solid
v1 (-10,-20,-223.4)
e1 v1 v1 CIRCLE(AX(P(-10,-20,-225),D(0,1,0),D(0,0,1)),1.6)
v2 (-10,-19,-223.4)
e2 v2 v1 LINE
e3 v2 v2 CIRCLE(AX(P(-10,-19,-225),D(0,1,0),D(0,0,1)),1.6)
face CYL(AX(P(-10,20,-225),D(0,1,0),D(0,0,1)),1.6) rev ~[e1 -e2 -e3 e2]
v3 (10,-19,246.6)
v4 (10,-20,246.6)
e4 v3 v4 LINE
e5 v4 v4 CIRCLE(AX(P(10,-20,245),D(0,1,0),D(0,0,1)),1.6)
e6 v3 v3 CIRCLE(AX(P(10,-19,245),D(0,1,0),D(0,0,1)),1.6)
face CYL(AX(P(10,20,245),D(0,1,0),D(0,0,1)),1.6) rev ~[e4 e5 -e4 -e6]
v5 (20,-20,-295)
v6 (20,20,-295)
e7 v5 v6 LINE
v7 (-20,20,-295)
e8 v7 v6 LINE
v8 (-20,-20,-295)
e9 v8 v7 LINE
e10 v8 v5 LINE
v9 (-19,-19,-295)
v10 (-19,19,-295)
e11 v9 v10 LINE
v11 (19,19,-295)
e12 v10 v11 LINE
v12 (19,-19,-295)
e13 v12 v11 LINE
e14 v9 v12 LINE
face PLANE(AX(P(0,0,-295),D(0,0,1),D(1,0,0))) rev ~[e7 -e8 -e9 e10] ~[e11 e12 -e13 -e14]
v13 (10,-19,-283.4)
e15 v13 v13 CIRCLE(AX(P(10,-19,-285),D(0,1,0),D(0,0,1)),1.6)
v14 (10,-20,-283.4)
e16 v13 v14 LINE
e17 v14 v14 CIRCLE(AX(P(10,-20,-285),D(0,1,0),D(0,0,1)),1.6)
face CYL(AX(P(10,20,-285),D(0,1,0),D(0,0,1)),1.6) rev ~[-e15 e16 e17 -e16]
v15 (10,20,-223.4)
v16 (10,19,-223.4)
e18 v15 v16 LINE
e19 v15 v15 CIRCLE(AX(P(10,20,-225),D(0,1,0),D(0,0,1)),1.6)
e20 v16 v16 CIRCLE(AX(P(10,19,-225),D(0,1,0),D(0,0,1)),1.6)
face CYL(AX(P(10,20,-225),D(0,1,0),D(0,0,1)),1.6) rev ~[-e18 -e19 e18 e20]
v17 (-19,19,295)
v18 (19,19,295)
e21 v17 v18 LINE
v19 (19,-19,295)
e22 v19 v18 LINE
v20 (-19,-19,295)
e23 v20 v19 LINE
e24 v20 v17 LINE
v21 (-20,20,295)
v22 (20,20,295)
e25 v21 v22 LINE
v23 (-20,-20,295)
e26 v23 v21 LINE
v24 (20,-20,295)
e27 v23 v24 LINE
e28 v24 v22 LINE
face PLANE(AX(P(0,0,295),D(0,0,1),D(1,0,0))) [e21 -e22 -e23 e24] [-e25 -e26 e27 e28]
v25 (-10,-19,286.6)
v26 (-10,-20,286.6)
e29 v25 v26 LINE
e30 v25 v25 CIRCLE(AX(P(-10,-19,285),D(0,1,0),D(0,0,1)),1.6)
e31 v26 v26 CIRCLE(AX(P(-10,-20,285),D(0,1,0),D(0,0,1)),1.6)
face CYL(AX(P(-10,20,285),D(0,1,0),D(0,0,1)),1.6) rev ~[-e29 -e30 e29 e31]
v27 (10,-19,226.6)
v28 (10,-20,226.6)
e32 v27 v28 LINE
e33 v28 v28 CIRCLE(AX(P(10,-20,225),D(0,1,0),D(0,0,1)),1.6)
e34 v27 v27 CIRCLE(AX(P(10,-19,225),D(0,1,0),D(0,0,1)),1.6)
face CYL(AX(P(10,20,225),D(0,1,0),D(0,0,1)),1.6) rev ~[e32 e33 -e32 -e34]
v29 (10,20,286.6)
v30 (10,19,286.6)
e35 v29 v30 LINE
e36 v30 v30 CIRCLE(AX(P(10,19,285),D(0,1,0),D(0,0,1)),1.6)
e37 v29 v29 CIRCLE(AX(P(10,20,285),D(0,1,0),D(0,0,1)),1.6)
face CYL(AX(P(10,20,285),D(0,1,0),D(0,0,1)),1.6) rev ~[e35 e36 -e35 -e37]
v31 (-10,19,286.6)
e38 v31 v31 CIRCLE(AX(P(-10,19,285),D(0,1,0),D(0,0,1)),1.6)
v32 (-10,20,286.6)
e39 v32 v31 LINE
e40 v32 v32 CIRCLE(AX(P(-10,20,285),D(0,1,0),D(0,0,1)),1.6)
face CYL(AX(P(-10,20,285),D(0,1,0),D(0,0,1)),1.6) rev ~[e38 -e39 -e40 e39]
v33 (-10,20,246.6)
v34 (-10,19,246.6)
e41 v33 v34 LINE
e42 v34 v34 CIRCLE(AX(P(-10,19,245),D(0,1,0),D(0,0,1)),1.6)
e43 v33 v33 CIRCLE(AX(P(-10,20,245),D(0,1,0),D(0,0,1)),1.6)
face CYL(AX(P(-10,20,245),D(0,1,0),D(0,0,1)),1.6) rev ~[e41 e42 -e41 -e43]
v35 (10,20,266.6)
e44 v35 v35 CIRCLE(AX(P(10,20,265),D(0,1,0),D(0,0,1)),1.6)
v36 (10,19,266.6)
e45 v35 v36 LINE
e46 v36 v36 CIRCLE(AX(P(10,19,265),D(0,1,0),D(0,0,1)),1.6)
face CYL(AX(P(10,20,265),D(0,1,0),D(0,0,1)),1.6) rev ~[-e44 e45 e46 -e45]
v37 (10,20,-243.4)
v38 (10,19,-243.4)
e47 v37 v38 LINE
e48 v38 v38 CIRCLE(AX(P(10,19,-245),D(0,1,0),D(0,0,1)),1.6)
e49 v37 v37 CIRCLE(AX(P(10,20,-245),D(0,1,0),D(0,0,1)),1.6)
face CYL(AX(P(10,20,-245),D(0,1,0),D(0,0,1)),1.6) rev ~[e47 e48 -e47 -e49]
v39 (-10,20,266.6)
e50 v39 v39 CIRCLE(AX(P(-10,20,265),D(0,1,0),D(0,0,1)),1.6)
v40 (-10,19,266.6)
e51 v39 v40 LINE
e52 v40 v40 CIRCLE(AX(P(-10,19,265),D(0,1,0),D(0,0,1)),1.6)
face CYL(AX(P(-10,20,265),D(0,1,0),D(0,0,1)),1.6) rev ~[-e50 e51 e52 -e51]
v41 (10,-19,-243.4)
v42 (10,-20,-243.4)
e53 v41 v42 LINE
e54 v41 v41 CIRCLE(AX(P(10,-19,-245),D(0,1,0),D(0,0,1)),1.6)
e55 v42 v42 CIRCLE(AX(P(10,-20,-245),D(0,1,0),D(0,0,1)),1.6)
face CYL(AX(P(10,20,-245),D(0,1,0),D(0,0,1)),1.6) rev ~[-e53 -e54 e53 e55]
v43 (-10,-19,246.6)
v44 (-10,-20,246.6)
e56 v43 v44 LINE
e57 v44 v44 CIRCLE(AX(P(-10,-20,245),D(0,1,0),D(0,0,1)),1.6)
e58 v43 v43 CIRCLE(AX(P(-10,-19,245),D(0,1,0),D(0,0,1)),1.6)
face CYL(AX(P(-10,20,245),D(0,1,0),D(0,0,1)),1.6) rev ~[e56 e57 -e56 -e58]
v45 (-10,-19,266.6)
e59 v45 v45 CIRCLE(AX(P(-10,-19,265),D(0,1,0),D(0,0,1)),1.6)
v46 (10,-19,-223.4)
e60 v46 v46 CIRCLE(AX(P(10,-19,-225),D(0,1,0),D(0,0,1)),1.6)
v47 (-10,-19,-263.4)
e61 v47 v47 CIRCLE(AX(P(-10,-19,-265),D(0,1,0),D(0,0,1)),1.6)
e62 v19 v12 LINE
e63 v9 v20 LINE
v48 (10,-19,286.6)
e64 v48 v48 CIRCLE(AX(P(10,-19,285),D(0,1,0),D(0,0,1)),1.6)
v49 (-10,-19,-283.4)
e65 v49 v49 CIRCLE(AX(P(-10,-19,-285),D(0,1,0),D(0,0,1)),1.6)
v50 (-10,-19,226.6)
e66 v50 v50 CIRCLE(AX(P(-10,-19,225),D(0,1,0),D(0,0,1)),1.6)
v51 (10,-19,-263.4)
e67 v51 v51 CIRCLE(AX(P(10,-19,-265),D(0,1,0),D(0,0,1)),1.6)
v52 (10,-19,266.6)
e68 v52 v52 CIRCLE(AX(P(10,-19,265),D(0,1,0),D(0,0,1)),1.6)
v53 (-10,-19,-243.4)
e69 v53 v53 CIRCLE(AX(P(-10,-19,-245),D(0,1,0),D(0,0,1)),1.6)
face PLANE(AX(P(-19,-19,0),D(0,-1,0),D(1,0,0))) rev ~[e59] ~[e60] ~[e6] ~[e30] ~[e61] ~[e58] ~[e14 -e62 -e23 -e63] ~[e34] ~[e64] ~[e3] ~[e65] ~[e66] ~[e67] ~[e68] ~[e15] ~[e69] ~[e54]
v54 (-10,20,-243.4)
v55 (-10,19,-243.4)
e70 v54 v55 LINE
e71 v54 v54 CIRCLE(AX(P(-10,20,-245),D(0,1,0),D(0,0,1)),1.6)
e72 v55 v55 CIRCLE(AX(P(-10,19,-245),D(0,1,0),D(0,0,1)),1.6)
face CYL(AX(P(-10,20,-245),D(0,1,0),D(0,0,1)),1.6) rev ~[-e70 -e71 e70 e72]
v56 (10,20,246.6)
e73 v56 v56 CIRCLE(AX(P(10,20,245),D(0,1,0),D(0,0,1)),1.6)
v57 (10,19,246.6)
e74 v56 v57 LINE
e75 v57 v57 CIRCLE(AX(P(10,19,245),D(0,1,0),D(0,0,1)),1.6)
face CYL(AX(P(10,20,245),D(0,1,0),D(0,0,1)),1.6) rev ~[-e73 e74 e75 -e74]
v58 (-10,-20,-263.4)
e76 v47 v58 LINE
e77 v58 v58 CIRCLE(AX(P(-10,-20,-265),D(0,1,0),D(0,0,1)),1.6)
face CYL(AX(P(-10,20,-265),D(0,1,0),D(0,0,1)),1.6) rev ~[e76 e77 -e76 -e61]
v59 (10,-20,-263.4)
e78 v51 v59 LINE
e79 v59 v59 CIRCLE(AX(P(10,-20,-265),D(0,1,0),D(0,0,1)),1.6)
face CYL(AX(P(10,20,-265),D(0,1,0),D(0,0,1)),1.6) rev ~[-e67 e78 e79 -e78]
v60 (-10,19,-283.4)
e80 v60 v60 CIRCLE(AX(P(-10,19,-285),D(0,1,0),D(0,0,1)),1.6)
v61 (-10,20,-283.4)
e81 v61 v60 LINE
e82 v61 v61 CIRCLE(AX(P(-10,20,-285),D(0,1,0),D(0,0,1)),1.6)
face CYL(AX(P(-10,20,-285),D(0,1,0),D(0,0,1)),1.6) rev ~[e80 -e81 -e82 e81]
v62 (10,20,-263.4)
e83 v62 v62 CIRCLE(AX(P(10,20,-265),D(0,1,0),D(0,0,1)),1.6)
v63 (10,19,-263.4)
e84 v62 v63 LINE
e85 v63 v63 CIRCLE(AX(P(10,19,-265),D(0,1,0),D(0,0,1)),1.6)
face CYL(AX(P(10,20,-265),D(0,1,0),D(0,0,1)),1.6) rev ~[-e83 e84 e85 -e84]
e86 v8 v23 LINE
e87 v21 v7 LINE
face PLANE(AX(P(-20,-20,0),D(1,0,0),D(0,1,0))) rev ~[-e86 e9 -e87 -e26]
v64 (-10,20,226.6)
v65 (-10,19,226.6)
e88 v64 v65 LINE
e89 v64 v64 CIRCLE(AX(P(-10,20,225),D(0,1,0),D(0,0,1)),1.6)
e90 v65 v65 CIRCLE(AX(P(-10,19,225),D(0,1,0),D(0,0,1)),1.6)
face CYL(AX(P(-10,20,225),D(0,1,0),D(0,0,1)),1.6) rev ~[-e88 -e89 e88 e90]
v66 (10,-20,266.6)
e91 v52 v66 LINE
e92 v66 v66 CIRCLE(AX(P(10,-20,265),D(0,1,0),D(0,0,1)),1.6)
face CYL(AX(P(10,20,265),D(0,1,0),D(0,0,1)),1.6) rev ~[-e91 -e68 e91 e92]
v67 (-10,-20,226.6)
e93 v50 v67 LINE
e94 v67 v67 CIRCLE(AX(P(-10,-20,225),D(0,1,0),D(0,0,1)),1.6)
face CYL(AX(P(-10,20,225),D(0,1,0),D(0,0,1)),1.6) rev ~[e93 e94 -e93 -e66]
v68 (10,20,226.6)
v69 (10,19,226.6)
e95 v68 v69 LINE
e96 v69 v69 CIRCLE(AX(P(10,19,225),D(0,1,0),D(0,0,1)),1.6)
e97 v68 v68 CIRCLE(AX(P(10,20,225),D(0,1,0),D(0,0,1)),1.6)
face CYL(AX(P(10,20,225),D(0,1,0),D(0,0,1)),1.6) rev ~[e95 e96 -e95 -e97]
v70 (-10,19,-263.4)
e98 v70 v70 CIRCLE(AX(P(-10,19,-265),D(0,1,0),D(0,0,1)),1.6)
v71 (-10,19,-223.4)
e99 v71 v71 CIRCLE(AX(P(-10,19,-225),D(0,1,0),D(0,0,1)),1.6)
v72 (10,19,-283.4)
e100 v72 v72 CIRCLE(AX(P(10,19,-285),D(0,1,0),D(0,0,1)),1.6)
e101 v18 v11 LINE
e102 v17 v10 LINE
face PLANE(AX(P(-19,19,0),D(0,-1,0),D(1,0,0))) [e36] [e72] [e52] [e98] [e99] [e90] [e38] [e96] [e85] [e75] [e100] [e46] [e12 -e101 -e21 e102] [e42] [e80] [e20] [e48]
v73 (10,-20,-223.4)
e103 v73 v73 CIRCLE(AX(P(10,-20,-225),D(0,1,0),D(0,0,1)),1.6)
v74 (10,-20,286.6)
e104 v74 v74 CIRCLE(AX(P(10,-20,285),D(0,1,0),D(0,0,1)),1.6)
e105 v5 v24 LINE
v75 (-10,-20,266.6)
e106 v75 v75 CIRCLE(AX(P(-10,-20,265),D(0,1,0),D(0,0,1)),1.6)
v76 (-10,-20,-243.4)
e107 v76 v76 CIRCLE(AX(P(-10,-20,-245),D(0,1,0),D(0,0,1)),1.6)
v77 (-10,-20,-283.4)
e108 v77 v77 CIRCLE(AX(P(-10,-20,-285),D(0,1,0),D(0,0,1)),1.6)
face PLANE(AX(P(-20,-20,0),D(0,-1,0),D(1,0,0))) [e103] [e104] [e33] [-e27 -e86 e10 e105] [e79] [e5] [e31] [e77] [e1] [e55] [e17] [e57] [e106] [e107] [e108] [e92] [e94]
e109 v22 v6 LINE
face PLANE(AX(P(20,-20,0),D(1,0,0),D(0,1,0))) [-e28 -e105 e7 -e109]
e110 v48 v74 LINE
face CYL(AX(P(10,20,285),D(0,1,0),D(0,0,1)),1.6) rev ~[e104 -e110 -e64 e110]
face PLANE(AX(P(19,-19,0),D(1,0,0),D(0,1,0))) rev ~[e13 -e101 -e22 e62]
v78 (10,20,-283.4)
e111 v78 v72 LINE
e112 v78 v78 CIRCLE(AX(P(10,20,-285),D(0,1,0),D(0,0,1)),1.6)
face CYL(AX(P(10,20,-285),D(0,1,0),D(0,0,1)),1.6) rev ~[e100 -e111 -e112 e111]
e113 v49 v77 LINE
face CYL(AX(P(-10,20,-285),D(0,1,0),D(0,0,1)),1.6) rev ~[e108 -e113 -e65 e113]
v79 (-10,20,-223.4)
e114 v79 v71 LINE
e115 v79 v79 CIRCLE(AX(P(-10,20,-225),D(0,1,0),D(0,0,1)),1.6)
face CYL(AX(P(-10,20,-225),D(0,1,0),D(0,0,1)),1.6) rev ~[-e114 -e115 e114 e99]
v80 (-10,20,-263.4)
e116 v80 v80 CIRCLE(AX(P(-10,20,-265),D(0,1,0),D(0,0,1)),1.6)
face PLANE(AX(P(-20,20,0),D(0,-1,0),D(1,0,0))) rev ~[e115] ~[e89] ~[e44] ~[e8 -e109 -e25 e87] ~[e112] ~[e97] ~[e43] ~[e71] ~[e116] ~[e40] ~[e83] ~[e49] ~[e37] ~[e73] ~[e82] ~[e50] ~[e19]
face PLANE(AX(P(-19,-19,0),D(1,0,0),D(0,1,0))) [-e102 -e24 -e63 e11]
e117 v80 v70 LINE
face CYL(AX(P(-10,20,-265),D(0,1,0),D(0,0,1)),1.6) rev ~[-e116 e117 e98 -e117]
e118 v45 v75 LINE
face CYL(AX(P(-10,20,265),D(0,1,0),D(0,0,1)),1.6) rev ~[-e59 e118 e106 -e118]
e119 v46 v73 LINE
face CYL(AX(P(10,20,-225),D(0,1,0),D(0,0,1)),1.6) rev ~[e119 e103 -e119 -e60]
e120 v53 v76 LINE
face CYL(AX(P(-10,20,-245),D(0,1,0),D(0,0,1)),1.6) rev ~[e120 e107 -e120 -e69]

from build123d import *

# Parameters (mm, degrees)
SKETCH_1_W          = 40
SKETCH_1_H          = 40
SKETCH_1_W_2        = 38
SKETCH_1_H_2        = 38
EXTRUDE_1_DEPTH     = 295
SKETCH_2_R          = 1.6
CUT_EXTRUDE_1_DEPTH = 299.370574957


with BuildPart() as part:
    # 草图1 → 凸台-拉伸1 (new, symmetric)
    with BuildSketch(Plane.XY):
        Rectangle(SKETCH_1_W, SKETCH_1_H)
        Rectangle(SKETCH_1_W_2, SKETCH_1_H_2, mode=Mode.SUBTRACT)
    extrude(amount=EXTRUDE_1_DEPTH, both=True)

    # 草图2 → 切除-拉伸1 (cut, through all)
    with BuildSketch(Plane(origin=(0, 20, 0), x_dir=(1, 0, 0), z_dir=(0, 1, 0))):
        with Locations(Location((-10, -285, 0), (0, 0, 270))):
            Circle(SKETCH_2_R)
        with Locations(Location((10, -285, 0), (0, 0, 270))):
            Circle(SKETCH_2_R)
        with Locations(Location((-10, -265, 0), (0, 0, 270))):
            Circle(SKETCH_2_R)
        with Locations(Location((10, -265, 0), (0, 0, 270))):
            Circle(SKETCH_2_R)
        with Locations(Location((-10, -245, 0), (0, 0, 270))):
            Circle(SKETCH_2_R)
        with Locations(Location((10, -245, 0), (0, 0, 270))):
            Circle(SKETCH_2_R)
        with Locations(Location((-10, -225, 0), (0, 0, 270))):
            Circle(SKETCH_2_R)
        with Locations(Location((10, -225, 0), (0, 0, 270))):
            Circle(SKETCH_2_R)
        with Locations(Location((10, 225, 0), (0, 0, 270))):
            Circle(SKETCH_2_R)
        with Locations(Location((-10, 225, 0), (0, 0, 270))):
            Circle(SKETCH_2_R)
        with Locations(Location((10, 245, 0), (0, 0, 270))):
            Circle(SKETCH_2_R)
        with Locations(Location((-10, 245, 0), (0, 0, 270))):
            Circle(SKETCH_2_R)
        with Locations(Location((10, 265, 0), (0, 0, 270))):
            Circle(SKETCH_2_R)
        with Locations(Location((-10, 265, 0), (0, 0, 270))):
            Circle(SKETCH_2_R)
        with Locations(Location((10, 285, 0), (0, 0, 270))):
            Circle(SKETCH_2_R)
        with Locations(Location((-10, 285, 0), (0, 0, 270))):
            Circle(SKETCH_2_R)
    extrude(amount=-CUT_EXTRUDE_1_DEPTH, mode=Mode.SUBTRACT)


solid = part.part
